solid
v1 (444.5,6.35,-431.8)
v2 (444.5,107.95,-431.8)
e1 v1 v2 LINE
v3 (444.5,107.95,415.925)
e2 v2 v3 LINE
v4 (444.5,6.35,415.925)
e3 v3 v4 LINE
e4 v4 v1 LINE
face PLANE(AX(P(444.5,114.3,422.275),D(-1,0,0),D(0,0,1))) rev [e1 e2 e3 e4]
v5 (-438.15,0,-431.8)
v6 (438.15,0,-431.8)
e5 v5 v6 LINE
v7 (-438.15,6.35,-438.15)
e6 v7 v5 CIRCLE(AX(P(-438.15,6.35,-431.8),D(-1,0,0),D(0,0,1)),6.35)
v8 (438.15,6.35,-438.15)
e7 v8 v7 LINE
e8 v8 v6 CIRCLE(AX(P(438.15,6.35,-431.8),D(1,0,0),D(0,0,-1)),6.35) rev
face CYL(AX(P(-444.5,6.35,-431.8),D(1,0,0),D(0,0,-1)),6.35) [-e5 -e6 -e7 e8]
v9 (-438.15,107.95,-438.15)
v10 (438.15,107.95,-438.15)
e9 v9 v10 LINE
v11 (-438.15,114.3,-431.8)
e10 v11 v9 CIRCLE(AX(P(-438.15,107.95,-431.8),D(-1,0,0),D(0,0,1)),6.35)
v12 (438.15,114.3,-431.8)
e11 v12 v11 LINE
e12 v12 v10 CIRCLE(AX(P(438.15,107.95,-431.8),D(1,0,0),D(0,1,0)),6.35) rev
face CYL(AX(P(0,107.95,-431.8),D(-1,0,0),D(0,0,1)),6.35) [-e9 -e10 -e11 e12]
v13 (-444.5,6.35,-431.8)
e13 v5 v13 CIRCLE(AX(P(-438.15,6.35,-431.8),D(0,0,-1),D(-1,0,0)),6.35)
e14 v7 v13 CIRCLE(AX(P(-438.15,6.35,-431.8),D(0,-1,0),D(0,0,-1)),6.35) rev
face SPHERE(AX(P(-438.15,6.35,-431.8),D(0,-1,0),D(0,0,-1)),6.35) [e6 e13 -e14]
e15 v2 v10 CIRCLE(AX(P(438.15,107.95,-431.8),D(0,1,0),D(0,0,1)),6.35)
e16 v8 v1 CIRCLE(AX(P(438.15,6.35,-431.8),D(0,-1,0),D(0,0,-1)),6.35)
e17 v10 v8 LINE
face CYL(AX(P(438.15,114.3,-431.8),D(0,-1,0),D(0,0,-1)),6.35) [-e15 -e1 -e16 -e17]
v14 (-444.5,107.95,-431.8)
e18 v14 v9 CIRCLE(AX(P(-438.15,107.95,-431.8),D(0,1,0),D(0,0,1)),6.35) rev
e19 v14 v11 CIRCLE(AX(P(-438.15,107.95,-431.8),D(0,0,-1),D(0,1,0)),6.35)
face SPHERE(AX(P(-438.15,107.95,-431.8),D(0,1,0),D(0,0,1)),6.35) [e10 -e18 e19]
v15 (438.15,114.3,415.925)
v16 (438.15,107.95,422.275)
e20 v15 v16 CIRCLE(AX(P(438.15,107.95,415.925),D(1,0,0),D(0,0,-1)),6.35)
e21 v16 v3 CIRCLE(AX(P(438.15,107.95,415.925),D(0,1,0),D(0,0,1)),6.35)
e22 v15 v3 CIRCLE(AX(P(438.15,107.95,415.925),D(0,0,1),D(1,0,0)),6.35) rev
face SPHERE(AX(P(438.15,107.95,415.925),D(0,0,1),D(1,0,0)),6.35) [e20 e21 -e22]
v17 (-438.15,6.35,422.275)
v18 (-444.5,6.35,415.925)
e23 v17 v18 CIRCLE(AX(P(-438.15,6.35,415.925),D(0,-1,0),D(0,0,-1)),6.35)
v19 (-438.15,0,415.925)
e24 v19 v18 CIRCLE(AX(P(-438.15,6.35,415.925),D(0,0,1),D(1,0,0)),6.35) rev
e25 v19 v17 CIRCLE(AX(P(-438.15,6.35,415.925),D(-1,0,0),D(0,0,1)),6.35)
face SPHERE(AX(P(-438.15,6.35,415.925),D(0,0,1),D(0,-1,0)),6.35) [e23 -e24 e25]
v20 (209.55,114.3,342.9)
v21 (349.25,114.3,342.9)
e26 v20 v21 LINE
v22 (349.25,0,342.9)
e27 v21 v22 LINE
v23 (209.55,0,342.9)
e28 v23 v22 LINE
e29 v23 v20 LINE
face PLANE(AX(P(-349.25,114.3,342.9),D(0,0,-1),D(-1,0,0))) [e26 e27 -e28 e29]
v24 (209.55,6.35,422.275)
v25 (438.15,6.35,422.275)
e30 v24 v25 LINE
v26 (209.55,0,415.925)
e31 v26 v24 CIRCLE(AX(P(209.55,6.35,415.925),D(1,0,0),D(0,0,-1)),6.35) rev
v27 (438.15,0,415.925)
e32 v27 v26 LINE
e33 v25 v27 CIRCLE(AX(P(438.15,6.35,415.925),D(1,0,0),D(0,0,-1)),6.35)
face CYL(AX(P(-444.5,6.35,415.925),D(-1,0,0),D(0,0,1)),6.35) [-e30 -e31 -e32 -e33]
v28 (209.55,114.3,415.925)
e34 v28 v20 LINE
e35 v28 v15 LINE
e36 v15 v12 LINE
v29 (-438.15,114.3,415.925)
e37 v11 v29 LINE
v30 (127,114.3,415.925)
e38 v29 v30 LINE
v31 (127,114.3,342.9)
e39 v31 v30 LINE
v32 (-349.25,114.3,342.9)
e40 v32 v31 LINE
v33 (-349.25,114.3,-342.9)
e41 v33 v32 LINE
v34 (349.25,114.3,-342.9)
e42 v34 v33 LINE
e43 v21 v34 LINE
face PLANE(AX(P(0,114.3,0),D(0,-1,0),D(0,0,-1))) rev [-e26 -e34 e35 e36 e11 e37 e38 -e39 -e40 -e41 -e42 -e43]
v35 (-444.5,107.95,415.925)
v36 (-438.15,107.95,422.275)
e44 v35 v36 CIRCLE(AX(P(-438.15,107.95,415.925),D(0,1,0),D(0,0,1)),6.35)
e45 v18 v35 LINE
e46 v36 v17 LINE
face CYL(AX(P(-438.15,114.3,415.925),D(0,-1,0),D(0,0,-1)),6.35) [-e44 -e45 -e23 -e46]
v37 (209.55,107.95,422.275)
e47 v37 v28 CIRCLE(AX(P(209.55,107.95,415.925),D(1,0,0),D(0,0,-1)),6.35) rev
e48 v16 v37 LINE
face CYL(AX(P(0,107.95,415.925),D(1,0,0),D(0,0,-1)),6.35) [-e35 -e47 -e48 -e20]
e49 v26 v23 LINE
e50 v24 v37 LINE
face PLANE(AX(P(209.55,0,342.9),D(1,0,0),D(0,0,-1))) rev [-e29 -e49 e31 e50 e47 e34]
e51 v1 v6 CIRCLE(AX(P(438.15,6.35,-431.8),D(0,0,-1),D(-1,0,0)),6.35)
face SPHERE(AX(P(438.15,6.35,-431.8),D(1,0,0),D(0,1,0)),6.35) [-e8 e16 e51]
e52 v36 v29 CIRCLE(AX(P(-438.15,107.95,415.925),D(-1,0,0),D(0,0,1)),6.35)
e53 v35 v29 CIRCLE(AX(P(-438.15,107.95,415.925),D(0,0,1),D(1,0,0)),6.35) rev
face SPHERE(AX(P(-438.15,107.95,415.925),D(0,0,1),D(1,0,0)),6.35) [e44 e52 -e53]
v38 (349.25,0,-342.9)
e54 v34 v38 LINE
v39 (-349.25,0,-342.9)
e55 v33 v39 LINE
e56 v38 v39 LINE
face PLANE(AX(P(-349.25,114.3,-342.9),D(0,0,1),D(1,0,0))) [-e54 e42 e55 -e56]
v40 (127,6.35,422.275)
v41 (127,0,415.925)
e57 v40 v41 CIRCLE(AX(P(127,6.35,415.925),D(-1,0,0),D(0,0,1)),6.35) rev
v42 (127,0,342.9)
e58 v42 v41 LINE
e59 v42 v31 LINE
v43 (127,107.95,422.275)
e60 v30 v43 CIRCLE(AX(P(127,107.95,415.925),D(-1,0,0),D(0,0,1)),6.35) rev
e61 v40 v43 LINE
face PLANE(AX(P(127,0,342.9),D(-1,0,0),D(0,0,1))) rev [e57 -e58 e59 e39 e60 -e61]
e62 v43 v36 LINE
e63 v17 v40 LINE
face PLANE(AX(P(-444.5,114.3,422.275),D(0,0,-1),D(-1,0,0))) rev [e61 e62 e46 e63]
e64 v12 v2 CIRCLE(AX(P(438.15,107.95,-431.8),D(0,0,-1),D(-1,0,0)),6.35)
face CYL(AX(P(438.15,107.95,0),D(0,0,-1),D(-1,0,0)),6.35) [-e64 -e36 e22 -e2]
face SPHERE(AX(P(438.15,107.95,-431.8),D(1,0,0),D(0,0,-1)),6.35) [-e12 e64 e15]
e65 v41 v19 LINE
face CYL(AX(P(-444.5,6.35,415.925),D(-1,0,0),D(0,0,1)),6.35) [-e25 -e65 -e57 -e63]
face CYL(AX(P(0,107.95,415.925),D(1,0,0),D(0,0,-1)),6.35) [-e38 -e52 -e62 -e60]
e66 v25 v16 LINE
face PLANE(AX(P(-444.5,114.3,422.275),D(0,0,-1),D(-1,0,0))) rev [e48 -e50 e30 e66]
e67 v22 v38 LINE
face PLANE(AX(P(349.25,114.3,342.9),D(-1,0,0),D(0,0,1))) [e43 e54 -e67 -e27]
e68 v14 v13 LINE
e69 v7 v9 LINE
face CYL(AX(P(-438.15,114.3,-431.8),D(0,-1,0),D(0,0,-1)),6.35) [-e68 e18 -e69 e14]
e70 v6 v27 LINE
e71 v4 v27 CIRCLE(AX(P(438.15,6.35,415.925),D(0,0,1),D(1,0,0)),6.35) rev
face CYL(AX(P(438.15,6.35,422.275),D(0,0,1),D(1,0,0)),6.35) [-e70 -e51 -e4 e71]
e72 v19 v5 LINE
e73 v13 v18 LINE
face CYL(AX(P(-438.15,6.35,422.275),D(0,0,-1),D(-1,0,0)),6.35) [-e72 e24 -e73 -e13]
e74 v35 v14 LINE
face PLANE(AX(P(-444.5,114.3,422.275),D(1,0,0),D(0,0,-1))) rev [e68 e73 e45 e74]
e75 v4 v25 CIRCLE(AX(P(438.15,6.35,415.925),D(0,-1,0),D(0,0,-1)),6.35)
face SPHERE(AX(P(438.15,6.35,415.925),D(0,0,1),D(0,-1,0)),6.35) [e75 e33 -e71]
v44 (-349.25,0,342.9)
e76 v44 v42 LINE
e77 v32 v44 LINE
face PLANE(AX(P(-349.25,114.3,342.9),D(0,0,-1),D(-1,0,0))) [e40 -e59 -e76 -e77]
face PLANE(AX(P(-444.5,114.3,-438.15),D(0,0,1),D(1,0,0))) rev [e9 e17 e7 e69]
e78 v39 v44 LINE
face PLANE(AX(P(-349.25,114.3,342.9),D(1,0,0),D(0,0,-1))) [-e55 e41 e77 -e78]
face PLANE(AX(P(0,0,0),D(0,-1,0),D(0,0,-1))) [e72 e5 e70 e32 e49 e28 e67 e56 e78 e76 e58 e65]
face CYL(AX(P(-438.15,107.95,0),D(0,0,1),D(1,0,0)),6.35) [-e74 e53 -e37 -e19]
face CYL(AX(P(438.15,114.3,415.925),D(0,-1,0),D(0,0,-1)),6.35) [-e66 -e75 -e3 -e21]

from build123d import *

# Parameters (mm, degrees)
SKETCH2_W           = 889
SKETCH2_H           = 860.425
SKETCH2_W_2         = 698.5
SKETCH2_H_2         = 685.8
BOSS_EXTRUDE1_DEPTH = 114.3
SKETCH3_W           = 82.55
SKETCH3_H           = 79.375
CUT_EXTRUDE1_DEPTH  = 115.3
FILLET1_R           = 6.35


with BuildPart() as part:
    # Sketch2 → Boss-Extrude1 (new body)
    with BuildSketch(Plane(origin=(0, 0, 0), x_dir=(1, 0, 0), z_dir=(0, 1, 0))):
        with Locations((0, 7.9375)):
            Rectangle(SKETCH2_W, SKETCH2_H)
        Rectangle(SKETCH2_W_2, SKETCH2_H_2, mode=Mode.SUBTRACT)
    extrude(amount=BOSS_EXTRUDE1_DEPTH)

    # Sketch3 → Cut-Extrude1 (cut, through all)
    with BuildSketch(Plane(origin=(0, 114.3, 0), x_dir=(1, 0, 0), z_dir=(0, 1, 0))):
        with Locations((168.275, -382.5875)):
            Rectangle(SKETCH3_W, SKETCH3_H)
    extrude(amount=-CUT_EXTRUDE1_DEPTH, mode=Mode.SUBTRACT)

    # Fillet1
    fillet1_edges = [part.edges().sort_by_distance(p)[0] for p in [
        (444.5, 114.3, -7.9375),
        (0, 114.3, -438.15),
        (327.025, 0, 422.275),
        (327.025, 114.3, 422.275),
        (-444.5, 114.3, -7.9375),
        (0, 0, -438.15),
        (444.5, 0, -7.9375),
        (-158.75, 0, 422.275),
        (-444.5, 0, -7.9375),
        (-444.5, 57.15, -438.15),
        (444.5, 57.15, -438.15),
        (444.5, 57.15, 422.275),
        (-444.5, 57.15, 422.275),
        (-158.75, 114.3, 422.275),
    ]]
    fillet(fillet1_edges, radius=FILLET1_R)


solid = part.part
